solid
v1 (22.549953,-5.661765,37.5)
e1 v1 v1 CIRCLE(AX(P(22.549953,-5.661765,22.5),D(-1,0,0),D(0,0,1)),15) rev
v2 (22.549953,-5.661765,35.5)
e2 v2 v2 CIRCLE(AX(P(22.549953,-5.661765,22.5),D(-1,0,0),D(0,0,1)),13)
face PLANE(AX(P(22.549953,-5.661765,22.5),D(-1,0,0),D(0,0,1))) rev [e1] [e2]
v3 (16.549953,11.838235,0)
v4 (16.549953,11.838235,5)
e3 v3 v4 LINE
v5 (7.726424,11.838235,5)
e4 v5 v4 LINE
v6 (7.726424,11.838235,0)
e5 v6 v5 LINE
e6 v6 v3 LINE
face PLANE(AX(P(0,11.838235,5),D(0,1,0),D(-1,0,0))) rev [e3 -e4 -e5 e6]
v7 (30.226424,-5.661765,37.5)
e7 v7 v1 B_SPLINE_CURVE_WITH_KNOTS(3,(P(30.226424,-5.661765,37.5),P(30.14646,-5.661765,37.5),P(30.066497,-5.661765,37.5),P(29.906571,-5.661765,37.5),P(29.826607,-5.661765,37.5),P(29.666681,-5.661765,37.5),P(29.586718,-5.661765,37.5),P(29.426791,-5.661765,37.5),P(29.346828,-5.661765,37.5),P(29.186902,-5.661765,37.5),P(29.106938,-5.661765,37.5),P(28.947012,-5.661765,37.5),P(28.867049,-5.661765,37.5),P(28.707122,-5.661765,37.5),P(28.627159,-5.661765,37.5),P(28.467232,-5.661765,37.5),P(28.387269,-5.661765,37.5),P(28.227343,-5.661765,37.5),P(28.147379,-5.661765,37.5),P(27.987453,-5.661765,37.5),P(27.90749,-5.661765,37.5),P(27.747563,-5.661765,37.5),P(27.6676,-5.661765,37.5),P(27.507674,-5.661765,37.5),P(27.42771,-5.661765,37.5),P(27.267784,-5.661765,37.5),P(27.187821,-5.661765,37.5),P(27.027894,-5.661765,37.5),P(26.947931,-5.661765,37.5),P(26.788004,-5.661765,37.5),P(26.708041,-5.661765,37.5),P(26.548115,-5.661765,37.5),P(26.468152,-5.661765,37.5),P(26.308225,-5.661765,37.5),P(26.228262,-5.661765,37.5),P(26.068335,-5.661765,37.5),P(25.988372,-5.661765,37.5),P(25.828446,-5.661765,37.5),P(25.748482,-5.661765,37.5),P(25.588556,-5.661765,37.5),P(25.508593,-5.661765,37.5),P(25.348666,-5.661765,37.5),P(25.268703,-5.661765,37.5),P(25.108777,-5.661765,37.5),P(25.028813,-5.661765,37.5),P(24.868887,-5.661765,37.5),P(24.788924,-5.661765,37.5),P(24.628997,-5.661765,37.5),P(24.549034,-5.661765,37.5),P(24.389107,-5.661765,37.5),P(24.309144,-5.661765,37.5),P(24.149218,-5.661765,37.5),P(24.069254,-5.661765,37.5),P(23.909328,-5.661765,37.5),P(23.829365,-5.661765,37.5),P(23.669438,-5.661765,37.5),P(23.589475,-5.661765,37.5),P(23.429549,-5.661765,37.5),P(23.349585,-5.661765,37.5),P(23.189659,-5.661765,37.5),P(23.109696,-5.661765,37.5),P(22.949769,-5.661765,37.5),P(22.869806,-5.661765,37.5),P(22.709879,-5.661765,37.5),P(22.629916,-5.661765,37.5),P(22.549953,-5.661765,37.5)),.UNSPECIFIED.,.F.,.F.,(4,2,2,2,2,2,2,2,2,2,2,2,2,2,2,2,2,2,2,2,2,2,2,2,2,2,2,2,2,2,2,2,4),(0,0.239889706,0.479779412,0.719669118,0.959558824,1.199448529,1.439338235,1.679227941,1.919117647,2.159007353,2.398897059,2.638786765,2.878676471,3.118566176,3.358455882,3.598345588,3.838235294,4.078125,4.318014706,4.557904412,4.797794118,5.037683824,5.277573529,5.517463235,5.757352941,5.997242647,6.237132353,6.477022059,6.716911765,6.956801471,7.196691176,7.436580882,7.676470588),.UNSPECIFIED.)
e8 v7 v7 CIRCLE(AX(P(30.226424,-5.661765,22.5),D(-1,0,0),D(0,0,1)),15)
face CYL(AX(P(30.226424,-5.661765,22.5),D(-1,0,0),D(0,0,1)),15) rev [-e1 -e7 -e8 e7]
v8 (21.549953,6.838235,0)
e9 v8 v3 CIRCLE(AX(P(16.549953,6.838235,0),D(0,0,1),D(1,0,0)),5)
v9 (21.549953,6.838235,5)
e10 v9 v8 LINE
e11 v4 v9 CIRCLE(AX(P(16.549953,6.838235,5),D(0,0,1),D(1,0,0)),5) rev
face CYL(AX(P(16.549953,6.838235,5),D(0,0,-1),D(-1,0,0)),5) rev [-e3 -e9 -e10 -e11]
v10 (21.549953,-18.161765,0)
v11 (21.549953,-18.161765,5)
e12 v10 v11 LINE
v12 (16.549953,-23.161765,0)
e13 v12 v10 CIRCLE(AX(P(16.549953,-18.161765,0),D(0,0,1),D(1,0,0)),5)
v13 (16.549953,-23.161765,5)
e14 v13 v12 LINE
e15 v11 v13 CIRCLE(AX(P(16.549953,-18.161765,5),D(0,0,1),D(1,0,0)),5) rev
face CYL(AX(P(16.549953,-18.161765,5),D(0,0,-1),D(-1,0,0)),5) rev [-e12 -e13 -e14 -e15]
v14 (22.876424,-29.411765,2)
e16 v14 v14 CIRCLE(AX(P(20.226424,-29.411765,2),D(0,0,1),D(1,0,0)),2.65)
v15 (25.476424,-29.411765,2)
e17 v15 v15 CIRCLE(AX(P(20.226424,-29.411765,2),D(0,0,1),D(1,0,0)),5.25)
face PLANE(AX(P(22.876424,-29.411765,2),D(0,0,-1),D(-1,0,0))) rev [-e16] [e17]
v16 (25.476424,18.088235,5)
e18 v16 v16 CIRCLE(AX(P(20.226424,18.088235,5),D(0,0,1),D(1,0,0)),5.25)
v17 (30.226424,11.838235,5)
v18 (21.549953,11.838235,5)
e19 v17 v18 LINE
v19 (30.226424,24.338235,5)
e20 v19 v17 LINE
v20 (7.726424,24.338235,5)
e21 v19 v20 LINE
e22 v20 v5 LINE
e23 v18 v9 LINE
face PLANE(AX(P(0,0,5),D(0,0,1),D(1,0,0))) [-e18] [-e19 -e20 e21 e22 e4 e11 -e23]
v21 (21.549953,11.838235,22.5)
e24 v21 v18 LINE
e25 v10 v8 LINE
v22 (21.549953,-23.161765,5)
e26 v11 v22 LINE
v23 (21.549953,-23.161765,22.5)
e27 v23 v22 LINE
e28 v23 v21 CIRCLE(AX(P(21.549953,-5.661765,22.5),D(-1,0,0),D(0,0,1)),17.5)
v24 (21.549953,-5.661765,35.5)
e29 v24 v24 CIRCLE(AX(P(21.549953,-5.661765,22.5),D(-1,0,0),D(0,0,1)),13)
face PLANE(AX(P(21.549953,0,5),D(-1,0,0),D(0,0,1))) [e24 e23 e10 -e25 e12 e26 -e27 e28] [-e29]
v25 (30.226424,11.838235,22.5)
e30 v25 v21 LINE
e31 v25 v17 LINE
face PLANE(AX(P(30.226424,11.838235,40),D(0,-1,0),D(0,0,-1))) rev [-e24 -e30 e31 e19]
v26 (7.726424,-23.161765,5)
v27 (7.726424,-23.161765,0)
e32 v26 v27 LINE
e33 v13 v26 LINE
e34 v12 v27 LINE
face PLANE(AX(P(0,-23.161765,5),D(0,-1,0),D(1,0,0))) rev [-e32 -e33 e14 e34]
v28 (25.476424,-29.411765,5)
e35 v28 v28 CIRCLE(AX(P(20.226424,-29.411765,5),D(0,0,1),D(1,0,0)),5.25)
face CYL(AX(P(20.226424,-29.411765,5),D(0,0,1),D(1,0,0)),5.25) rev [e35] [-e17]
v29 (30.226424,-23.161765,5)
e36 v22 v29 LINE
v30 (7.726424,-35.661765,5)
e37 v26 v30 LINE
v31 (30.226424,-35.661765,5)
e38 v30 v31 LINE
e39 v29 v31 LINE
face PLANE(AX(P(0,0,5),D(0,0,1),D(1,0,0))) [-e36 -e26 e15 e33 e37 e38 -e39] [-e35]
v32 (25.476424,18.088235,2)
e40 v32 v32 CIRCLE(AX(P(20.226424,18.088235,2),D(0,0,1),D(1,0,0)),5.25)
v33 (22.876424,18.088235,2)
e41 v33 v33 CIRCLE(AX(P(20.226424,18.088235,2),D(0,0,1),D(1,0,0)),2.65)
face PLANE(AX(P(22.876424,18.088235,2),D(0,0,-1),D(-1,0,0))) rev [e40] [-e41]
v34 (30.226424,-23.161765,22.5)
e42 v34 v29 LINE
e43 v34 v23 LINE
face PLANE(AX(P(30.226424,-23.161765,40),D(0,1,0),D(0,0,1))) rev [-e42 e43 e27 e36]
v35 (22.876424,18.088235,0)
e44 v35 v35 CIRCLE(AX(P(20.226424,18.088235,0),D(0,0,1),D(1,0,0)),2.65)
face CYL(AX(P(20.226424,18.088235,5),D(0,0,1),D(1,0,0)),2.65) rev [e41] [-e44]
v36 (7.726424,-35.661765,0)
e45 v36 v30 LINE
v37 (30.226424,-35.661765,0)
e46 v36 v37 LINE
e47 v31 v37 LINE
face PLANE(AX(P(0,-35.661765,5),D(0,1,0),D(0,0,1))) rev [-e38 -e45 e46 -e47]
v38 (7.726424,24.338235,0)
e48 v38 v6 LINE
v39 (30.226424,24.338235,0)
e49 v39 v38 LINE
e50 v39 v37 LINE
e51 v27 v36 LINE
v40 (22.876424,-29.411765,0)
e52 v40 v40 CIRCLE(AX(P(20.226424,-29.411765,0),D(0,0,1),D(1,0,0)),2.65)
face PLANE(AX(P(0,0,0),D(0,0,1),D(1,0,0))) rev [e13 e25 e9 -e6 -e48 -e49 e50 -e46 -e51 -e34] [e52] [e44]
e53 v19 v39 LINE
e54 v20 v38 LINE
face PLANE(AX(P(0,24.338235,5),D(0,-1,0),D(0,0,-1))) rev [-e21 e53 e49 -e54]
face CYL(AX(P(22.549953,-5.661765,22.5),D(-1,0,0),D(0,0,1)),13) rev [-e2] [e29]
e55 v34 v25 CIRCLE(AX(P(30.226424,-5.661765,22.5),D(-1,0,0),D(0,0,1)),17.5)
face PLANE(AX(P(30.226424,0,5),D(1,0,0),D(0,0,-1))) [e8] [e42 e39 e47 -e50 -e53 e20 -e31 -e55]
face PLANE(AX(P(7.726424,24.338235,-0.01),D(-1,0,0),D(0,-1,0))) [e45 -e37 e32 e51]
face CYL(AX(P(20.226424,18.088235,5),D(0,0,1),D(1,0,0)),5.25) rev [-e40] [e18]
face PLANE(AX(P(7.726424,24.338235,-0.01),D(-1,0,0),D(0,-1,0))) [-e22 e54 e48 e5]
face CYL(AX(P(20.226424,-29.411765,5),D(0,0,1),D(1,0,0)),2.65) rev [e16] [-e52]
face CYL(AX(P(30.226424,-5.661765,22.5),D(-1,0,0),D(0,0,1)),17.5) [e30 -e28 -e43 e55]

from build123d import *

# Parameters (mm, degrees)
EXTRUDE_2_DEPTH                = 5
SKETCH_4_W                     = 8.676470589
SKETCH_4_H                     = 35
SKETCH_4_W_2                   = 8.676470588
EXTRUDE_15_DEPTH               = 35
CUT_EXTRUDE_1_DEPTH            = 45
SKETCH_6_R                     = 15
CUT_EXTRUDE_2_DEPTH            = 45
FILLET_1_R                     = 5
EXTRUDE_START                  = -1
SKETCH_7_R                     = 15
SKETCH_7_R_2                   = 13
EXTRUDE_16_DEPTH               = 1
SKETCH_8_R                     = 15
SKETCH_8_R_2                   = 13
EXTRUDE_17_DEPTH               = 1
SPLIT_BODIES_1_SURFACE_1_BACK  = 86
SPLIT_BODIES_1_SURFACE_1_DEPTH = 172
SPLIT_BODIES_1_SURFACE_2_BACK  = 86
SPLIT_BODIES_1_SURFACE_2_DEPTH = 172
HOLE_WIZARD_1_D                = 5.3
HOLE_WIZARD_1_CBORE_D          = 10.5
HOLE_WIZARD_1_CBORE_DEPTH      = 3


with BuildPart() as part:
    # 草图2 → 凸台-拉伸2 (new body)
    with BuildSketch(Plane.XY):
        Polygon((7.726423565, 24.338235294), (-14.773576435, 24.338235294), (-14.773576435, -35.661764706), (7.726423565, -35.661764706), (7.726423565, -23.161764706), (-6.097105846, -23.161764706), (-6.097105846, 11.838235294), (7.726423565, 11.838235294), align=None)
        Polygon((30.226423565, 24.338235294), (7.726423565, 24.338235294), (7.726423565, 11.838235294), (21.549952977, 11.838235294), (21.549952977, -23.161764706), (7.726423565, -23.161764706), (7.726423565, -35.661764706), (30.226423565, -35.661764706), align=None)
    extrude(amount=EXTRUDE_2_DEPTH)

    # 草图4 → 凸台-拉伸15 (add)
    with BuildSketch(Plane.XY.offset(5)):
        with Locations((-10.435341141, -5.661764706)):
            Rectangle(SKETCH_4_W, SKETCH_4_H)
        with Locations((25.888188271, -5.661764706)):
            Rectangle(SKETCH_4_W_2, SKETCH_4_H)
    extrude(amount=EXTRUDE_15_DEPTH)

    # 草图5 → 切除-拉伸1 (cut)
    with BuildSketch(Plane.ZY.offset(14.773576435)):
        with BuildLine():
            Line((40, -23.161764706), (40, -5.661764706))
            ThreePointArc((40, -5.661764706), (34.874368671, -18.036133377), (22.5, -23.161764706))
            Line((22.5, -23.161764706), (40, -23.161764706))
        make_face()
        with BuildLine():
            ThreePointArc((22.5, 11.838235294), (34.874368671, 6.712603965), (40, -5.661764706))
            Line((40, -5.661764706), (40, 11.838235294))
            Line((40, 11.838235294), (22.5, 11.838235294))
        make_face()
    extrude(amount=-CUT_EXTRUDE_1_DEPTH, mode=Mode.SUBTRACT)

    # 草图6 → 切除-拉伸2 (cut)
    with BuildSketch(Plane.ZY.offset(14.773576435)):
        with Locations((22.5, -5.661764706)):
            Circle(SKETCH_6_R)
    extrude(amount=-CUT_EXTRUDE_2_DEPTH, mode=Mode.SUBTRACT)

    # 圆角1
    fillet_1_edges = [part.edges().sort_by_distance(p)[0] for p in [
        (-6.097105846, 11.838235294, 2.5),
        (-6.097105846, -23.161764706, 2.5),
        (21.549952977, -23.161764706, 2.5),
        (21.549952977, 11.838235294, 2.5),
    ]]
    fillet(fillet_1_edges, radius=FILLET_1_R)

    # 草图7 → 凸台-拉伸16 (add)
    with BuildSketch(Plane(origin=(-6.097105846, 0, 0), x_dir=(0, 0, -1), z_dir=(1, 0, 0)).offset(EXTRUDE_START)):
        with Locations(Location((-22.5, -5.661764706, 0), (0, 0, 180))):
            Circle(SKETCH_7_R)
        with Locations((-22.5, -5.661764706)):
            Circle(SKETCH_7_R_2, mode=Mode.SUBTRACT)
    extrude(amount=EXTRUDE_16_DEPTH)

    # 草图8 → 凸台-拉伸17 (add)
    with BuildSketch(Plane.ZY.offset(-21.549952977)):
        with Locations((22.5, -5.661764706)):
            Circle(SKETCH_8_R)
        with Locations(Location((22.5, -5.661764706, 0), (0, 0, 180))):
            Circle(SKETCH_8_R_2, mode=Mode.SUBTRACT)
    extrude(amount=-EXTRUDE_17_DEPTH)


with BuildPart() as body_2:
    # Split Bodies 1: the piece behind the surface
    add(part.part)
    # Split Bodies 1 surface: a surface, the sketch's curves swept straight by 172 mm
    with BuildLine(Plane.XY.offset(5).offset(-SPLIT_BODIES_1_SURFACE_1_BACK), mode=Mode.PRIVATE) as split_bodies_1_surface_1_path:
        Line((7.726423565, 24.338235294), (7.726423565, -35.661764706))
    split_bodies_1_surface_1 = Shell.extrude(split_bodies_1_surface_1_path.wire(), (0 * SPLIT_BODIES_1_SURFACE_1_DEPTH, 0 * SPLIT_BODIES_1_SURFACE_1_DEPTH, 1 * SPLIT_BODIES_1_SURFACE_1_DEPTH))
    split(bisect_by=split_bodies_1_surface_1, keep=Keep.BOTTOM)


with BuildPart() as part_1:
    add(part.part)

    # Split Bodies 1: split by a surface, the side it looks to stays
    # Split Bodies 1 surface: a surface, the sketch's curves swept straight by 172 mm
    with BuildLine(Plane.XY.offset(5).offset(-SPLIT_BODIES_1_SURFACE_2_BACK), mode=Mode.PRIVATE) as split_bodies_1_surface_2_path:
        Line((7.726423565, 24.338235294), (7.726423565, -35.661764706))
    split_bodies_1_surface_2 = Shell.extrude(split_bodies_1_surface_2_path.wire(), (0 * SPLIT_BODIES_1_SURFACE_2_DEPTH, 0 * SPLIT_BODIES_1_SURFACE_2_DEPTH, 1 * SPLIT_BODIES_1_SURFACE_2_DEPTH))
    split(bisect_by=split_bodies_1_surface_2, keep=Keep.TOP)

    # 大小平盘开槽螺钉柱孔1 (through all)
    with Locations(Plane(origin=(20.226423565, -29.411764706, 5), x_dir=(1, 0, 0), z_dir=(0, 0, 1))):
        with Locations((0, 0), (0, 47.5)):
            CounterBoreHole(HOLE_WIZARD_1_D / 2, HOLE_WIZARD_1_CBORE_D / 2, HOLE_WIZARD_1_CBORE_DEPTH)


solid = part_1.part
